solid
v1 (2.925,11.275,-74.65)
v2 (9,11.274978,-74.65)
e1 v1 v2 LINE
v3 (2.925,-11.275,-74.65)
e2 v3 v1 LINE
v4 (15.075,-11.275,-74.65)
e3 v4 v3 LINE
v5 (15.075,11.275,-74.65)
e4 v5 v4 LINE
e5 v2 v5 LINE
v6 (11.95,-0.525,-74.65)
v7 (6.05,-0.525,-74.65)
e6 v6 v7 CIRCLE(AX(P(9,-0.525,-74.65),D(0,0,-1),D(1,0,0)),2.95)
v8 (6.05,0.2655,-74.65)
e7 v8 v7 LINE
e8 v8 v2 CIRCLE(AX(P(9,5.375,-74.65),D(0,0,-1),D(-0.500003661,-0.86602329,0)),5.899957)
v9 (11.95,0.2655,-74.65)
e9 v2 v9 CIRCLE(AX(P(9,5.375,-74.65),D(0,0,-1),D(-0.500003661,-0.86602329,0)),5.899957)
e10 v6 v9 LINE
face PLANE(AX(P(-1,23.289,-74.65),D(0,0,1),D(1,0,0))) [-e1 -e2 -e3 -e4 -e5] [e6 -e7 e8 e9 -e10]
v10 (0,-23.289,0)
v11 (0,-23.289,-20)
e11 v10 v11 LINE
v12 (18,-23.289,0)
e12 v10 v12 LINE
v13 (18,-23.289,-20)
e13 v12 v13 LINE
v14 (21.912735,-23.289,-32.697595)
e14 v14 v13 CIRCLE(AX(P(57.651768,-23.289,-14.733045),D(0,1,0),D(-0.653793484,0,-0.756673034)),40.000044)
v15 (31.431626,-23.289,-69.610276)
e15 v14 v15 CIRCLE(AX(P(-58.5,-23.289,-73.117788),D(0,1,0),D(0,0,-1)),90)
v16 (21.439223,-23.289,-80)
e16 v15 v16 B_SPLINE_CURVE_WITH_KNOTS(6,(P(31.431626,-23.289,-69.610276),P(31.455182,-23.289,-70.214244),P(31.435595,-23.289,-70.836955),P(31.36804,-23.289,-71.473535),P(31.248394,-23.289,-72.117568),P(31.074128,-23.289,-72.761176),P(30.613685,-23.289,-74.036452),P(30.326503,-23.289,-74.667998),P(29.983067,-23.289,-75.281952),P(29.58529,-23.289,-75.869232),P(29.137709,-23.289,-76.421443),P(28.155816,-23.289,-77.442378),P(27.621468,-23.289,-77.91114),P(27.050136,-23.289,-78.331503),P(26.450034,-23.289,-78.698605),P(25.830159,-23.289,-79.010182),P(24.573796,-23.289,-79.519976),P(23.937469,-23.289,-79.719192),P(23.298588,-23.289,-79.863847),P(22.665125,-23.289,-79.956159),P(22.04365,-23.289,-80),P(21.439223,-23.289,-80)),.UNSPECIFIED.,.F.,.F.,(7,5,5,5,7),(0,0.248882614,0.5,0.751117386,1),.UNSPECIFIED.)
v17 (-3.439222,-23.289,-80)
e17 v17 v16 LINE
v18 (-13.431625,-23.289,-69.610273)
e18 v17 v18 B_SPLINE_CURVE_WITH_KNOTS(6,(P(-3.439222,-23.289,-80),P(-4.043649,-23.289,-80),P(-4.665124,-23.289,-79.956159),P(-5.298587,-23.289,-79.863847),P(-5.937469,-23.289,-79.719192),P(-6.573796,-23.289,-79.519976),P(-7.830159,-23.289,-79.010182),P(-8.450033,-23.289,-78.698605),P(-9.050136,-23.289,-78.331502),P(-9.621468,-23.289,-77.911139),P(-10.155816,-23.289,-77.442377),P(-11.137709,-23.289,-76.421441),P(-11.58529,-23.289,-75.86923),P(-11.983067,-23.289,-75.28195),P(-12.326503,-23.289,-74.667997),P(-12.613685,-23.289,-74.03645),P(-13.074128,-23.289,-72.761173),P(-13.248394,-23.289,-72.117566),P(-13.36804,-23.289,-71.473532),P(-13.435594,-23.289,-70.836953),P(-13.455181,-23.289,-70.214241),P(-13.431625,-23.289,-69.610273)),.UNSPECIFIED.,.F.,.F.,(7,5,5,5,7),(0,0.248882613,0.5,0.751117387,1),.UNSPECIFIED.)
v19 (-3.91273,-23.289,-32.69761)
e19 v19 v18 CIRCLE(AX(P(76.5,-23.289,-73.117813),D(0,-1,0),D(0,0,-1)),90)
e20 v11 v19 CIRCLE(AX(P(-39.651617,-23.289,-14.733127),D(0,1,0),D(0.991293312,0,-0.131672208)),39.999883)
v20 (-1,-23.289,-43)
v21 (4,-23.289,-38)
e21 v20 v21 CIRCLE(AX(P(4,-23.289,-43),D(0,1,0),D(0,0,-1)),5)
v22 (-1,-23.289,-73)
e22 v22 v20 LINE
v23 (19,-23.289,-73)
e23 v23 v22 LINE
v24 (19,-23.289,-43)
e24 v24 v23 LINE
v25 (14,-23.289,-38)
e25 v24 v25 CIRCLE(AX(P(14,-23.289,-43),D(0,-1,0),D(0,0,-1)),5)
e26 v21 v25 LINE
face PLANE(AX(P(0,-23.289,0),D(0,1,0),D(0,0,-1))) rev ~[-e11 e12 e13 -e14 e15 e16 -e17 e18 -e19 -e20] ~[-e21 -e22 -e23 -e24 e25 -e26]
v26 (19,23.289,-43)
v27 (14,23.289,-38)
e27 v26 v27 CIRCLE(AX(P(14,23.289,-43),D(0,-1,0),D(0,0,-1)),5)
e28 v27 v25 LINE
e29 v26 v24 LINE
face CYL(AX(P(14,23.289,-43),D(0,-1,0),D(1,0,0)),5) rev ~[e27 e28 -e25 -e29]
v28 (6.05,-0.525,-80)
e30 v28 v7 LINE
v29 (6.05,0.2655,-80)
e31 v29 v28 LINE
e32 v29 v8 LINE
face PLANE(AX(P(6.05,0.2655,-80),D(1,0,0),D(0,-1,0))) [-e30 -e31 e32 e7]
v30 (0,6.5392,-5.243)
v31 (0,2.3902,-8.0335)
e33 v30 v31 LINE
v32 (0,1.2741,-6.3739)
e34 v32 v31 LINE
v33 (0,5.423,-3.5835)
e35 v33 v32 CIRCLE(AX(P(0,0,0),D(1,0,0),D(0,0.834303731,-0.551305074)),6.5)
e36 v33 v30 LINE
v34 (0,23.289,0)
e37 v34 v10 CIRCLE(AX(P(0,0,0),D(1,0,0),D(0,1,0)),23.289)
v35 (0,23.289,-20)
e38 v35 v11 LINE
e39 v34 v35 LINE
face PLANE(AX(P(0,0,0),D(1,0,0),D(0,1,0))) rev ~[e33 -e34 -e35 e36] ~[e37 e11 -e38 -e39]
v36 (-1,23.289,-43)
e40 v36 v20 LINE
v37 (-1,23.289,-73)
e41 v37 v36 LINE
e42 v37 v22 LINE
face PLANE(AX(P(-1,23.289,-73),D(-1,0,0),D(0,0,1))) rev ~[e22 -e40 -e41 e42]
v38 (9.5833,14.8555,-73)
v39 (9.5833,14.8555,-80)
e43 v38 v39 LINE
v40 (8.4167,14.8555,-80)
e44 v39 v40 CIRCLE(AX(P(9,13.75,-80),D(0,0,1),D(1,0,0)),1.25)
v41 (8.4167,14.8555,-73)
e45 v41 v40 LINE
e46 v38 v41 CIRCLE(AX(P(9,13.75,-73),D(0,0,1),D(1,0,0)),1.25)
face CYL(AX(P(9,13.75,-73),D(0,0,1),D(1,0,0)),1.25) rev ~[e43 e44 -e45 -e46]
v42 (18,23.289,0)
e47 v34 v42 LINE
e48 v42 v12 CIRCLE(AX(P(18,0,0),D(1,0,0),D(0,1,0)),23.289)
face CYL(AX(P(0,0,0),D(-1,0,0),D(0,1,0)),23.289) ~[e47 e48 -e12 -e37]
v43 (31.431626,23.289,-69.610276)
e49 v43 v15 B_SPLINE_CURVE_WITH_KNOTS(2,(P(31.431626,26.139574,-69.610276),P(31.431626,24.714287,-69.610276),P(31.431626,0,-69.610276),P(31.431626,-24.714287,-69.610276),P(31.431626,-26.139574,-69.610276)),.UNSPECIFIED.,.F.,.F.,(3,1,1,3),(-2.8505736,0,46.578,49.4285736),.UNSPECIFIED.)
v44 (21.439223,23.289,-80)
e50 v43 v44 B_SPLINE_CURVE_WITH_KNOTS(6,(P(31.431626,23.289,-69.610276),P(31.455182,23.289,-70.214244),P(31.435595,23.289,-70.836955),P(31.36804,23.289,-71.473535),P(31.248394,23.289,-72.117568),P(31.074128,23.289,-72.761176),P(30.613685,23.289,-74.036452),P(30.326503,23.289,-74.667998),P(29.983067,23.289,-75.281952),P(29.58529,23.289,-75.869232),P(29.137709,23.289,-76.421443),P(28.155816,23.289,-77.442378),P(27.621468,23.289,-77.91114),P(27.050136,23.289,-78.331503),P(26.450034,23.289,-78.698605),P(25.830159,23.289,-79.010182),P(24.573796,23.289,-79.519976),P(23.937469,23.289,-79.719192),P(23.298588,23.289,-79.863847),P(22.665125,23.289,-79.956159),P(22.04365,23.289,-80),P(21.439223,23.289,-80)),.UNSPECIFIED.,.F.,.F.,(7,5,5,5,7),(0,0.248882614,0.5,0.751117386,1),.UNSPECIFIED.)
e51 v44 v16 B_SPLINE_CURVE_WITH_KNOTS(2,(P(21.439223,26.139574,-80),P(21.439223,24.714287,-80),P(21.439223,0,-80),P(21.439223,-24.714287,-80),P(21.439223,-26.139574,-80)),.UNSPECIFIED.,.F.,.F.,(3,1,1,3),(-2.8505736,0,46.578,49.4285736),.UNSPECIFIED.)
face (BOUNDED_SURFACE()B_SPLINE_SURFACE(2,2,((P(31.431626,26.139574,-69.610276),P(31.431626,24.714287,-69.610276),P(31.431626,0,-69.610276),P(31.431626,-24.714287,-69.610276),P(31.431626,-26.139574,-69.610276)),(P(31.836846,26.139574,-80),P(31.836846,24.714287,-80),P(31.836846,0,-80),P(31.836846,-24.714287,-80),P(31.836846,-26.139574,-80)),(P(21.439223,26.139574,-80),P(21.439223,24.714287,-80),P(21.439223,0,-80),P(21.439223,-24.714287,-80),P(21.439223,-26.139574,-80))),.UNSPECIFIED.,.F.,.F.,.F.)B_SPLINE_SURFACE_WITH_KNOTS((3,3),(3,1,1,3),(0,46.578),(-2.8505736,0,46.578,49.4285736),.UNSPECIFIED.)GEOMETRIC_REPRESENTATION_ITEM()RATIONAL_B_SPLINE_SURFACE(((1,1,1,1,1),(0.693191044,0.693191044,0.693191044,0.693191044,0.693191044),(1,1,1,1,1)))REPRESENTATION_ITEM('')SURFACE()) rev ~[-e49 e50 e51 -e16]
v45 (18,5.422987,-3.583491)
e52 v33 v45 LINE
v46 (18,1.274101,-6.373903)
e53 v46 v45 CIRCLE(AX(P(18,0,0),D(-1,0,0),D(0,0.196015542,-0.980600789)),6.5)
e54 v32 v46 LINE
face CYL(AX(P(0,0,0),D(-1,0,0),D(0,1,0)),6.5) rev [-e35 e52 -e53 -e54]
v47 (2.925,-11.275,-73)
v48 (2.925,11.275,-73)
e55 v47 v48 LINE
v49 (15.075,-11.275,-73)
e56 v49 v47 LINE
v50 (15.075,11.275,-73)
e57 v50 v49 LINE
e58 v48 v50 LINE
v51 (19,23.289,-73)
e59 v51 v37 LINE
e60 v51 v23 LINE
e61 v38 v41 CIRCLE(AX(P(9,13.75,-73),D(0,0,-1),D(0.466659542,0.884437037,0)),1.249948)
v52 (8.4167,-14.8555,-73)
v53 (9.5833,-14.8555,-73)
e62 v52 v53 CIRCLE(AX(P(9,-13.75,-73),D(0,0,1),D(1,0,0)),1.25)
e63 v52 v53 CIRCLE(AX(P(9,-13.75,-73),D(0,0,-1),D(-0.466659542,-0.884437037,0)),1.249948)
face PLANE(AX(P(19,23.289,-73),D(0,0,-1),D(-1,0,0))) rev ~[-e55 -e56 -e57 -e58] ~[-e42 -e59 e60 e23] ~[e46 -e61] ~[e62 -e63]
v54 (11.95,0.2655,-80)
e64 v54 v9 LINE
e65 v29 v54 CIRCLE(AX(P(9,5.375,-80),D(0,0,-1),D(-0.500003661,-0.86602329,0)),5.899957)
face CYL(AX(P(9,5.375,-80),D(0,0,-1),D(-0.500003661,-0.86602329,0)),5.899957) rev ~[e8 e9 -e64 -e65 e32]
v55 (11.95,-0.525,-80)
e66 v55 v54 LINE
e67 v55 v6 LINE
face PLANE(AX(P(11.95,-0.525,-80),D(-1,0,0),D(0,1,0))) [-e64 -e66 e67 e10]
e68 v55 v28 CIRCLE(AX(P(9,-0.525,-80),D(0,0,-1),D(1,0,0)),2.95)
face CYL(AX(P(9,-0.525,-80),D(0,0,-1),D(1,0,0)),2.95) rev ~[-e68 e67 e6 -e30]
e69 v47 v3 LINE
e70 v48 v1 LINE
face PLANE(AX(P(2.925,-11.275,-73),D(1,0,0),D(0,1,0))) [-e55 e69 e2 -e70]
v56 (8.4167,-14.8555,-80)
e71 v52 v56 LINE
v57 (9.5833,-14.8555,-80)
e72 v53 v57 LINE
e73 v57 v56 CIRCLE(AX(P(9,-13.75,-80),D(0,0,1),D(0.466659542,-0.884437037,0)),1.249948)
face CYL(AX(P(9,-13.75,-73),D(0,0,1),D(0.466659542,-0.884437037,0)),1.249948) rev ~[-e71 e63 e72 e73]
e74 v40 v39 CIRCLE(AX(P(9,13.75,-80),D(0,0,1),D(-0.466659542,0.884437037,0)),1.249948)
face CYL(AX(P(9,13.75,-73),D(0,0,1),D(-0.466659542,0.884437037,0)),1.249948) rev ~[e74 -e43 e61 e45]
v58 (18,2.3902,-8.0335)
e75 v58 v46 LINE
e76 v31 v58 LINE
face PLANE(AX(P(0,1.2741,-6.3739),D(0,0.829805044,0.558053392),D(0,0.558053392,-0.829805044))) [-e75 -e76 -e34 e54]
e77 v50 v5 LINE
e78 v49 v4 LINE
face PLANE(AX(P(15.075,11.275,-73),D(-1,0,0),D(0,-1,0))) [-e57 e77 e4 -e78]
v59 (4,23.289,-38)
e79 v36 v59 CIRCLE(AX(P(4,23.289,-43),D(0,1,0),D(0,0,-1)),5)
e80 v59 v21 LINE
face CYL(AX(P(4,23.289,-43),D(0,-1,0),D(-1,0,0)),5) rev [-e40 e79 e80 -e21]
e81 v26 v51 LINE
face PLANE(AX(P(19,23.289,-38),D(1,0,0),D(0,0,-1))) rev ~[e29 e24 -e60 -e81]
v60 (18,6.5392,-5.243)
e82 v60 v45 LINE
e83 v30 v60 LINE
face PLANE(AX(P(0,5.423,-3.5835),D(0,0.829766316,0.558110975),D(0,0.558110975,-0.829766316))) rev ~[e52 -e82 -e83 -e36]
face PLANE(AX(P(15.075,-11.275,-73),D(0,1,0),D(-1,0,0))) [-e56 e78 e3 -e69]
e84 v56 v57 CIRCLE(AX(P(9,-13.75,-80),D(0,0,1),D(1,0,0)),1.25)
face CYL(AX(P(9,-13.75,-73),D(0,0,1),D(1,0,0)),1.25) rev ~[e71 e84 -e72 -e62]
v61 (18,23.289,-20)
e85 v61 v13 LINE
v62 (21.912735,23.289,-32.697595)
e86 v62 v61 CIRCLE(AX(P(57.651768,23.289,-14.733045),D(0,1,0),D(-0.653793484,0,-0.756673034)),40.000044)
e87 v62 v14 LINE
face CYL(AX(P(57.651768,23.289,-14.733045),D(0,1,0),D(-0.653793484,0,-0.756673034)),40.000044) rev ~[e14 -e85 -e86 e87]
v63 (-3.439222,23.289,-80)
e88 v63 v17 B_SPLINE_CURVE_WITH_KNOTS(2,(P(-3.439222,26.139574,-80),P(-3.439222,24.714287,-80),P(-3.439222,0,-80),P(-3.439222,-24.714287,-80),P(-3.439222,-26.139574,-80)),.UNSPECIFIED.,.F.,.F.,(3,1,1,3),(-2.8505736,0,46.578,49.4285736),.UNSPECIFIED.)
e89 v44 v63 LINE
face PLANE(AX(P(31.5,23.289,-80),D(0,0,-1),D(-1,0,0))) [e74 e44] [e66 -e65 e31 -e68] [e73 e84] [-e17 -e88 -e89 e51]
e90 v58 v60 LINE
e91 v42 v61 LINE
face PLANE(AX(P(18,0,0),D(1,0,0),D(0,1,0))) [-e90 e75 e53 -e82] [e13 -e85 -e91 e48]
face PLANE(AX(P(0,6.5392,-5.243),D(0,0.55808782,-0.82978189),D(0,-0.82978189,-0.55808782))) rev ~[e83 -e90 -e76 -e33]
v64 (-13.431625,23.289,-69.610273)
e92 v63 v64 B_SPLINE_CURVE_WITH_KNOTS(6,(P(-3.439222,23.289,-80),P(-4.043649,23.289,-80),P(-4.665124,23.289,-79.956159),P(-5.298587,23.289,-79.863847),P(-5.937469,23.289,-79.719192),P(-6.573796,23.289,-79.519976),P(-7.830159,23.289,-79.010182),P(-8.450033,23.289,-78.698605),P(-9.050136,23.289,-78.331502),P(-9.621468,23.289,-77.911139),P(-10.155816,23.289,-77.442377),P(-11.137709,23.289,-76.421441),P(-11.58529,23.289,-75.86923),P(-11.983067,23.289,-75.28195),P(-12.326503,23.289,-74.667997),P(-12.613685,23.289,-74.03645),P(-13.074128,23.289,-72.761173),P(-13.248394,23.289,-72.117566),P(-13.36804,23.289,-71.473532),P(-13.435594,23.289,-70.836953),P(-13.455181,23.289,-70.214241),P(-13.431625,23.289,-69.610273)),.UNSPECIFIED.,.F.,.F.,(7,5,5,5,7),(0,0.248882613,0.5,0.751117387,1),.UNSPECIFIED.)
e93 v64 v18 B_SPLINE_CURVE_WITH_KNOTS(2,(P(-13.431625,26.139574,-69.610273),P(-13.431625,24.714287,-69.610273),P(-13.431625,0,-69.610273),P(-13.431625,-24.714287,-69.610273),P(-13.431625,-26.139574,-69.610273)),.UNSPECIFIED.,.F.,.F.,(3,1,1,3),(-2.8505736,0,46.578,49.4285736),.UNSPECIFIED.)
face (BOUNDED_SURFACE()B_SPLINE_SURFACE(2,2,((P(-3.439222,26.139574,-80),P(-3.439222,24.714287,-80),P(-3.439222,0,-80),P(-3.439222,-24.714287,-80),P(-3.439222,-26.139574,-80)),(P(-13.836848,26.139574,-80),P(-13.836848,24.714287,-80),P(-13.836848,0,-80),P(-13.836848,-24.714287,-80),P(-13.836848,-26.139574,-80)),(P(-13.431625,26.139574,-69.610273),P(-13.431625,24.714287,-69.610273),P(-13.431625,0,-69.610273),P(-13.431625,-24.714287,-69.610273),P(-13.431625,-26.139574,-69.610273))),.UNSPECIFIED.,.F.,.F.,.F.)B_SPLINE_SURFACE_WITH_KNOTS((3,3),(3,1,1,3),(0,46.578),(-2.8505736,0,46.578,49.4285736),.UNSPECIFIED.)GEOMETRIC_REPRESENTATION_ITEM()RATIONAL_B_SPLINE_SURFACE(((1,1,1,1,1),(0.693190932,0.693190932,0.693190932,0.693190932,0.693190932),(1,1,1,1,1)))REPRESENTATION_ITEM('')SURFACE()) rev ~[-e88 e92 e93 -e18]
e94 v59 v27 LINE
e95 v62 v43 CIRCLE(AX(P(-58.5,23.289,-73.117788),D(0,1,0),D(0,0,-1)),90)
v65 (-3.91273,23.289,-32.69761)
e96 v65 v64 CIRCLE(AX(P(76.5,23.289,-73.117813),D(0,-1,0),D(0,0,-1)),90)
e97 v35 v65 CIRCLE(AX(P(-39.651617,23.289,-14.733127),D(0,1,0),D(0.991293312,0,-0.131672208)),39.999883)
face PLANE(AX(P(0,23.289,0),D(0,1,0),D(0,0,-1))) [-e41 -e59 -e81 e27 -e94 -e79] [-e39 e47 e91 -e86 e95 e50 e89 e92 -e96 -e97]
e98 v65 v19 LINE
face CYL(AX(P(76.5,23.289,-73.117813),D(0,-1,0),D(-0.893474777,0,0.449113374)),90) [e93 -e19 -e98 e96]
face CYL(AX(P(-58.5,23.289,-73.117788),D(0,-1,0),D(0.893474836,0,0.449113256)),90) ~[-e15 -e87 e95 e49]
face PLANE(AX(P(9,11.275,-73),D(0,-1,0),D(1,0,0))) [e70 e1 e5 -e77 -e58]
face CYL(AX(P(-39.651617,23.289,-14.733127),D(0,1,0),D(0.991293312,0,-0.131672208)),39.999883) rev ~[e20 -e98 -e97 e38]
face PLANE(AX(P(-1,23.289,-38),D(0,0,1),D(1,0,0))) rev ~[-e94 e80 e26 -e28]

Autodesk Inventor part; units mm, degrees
ref_plane "YZ Plane" through (0, 0, 0) normal (1, 0, 0) x (0, 1, 0)
ref_plane "XZ Plane" through (0, 0, 0) normal (0, 1, 0) x (-1, 0, 0)
ref_plane "XY Plane" through (0, 0, 0) normal (0, 0, 1) x (1, 0, 0)
sketch "Sketch28" plane through (0, 0, 0) normal (1, 0, 0) x (0, 1, 0)
  circle A0 centre (0, 0) radius 6.5
  arc A1 (23.289, 0) -> (-23.289, 0) centre (0, 0) ccw
  line L0 (23.289, 0) -> (23.289, -80)
  line L1 (-23.289, 0) -> (-23.289, -80)
  line L2 (23.289, -80) -> (-23.289, -80)
  dimension "d103" = 13
  dimension "d104" = 46.578
  dimension "d105" = 80
  dimension "d106" = 80
extrude "Extrusion23" add sketch "Sketch28" along normal blind 18
sketch "Sketch29" plane through (0, 23.289, 0) normal (0, 1, 0) x (1, 0, 0)
  line L0 (31.5, 80) -> (-13.5, 80)
  line L1 (-13.5, 80) -> (-13.5, 45)
  line L2 (-13.5, 45) -> (31.5, 45)
  line L3 (31.5, 45) -> (31.5, 80)
  line L4 (0, 80) -> (18, 80) projected
  line L5 (18, 0) -> (18, 80) projected
  arc A0 (31.5, 45) -> (18, 20) centre (57.6517, 14.7331) ccw
  line L6 (9, 88.5963) -> (9, -26.2001) construction
  arc A1 (0, 20) -> (-13.5, 45) centre (-39.6517, 14.7331) ccw
  line L7 (0, 80) -> (0, 0) projected
  point P0 (9, 80)
  point P1 (9, 45)
  point P2 (0, 45)
  point P3 (18, 45)
  dimension "d109" = 45
  dimension "d110" = 0
  dimension "d111" = 35
  dimension "d112" = 22.5
  dimension "d115" = 40
  dimension "d116" = 25
extrude "Extrusion24" add sketch "Sketch29" against normal up to surface (46.578 mm away)
fillet "Fillet9" radius 90 2 edges at (31.5, 0, -45) (-13.5, 0, -45)
sketch "Sketch30" plane through (0, 23.289, 0) normal (0, 1, 0) x (1, 0, 0)
  line L0 (19, 73) -> (-1, 73)
  line L1 (-1, 73) -> (-1, 38)
  line L2 (-1, 38) -> (19, 38)
  line L3 (19, 38) -> (19, 73)
  line L4 (-13.5, 80) -> (31.5, 80) projected
  point P0 (0, 0)
  dimension "d120" = 7
  dimension "d121" = 20
  dimension "d122" = 12.5
  dimension "d123" = 35
extrude "Extrusion25" cut sketch "Sketch30" against normal through all
fillet "Fillet10" radius 5 2 edges at (19, 0, -38) (-1, 0, -38)
fillet "Fillet11" radius 10 2 edges at (-13.5, 0, -80) (31.5, 0, -80)
sketch "Sketch31" plane through (21.4392, -23.289, -80) normal (0, 0, -1) x (-1, 0, 0)
  arc A0 (15.3892, 23.5545) -> (9.4892, 23.5545) centre (12.4392, 28.664) ccw projected
  line L0 (15.3892, 23.5545) -> (15.3892, 22.764) projected
  arc A1 (9.4892, 22.764) -> (15.3892, 22.764) centre (12.4392, 22.764) ccw projected
  line L1 (9.4892, 22.764) -> (9.4892, 23.5545) projected
  point P0 (21.4392, 23.289)
extrude "Extrusion26" cut sketch "Sketch31" against normal blind 20
sketch "Sketch34" plane through (-1, 23.289, -73) normal (0, 0, 1) x (1, 0, 0)
  line L0 (3.925, -12.014) -> (16.075, -12.014)
  line L1 (16.075, -12.014) -> (16.075, -34.564)
  line L2 (16.075, -34.564) -> (3.925, -34.564)
  line L3 (3.925, -34.564) -> (3.925, -12.014)
  line L4 (1, 0) -> (19, 0) projected
  arc A0 (12.95, -23.0235) -> (7.05, -23.0235) centre (10, -17.914) ccw projected
  point P0 (1, -23.289)
  point P1 (10, 0)
  dimension "d130" = 12.014
  dimension "d131" = 22.55
  dimension "d132" = 12.15
  dimension "d133" = 6.075
extrude "Extrusion27" cut sketch "Sketch34" against normal blind 1.65
sketch "Sketch36" plane through (-1, 23.289, -73) normal (0, 0, 1) x (1, 0, 0)
  arc A0 (10.5833, -38.1445) -> (9.4167, -38.1445) centre (10, -37.039) ccw projected
  arc A1 (9.4167, -8.4335) -> (10.5833, -8.4335) centre (10, -9.539) ccw projected
  circle A2 centre (10, -9.539) radius 1.25
  circle A3 centre (10, -37.039) radius 1.25
  point P0 (1, -23.289)
  point P1 (10.5833, -8.4335)
  point P2 (9.4167, -8.4335)
  point P3 (9.4167, -38.1445)
  point P4 (10.5833, -38.1445)
extrude "Extrusion28" cut sketch "Sketch36" against normal through all
sketch "Sketch37" plane through (0, 0, 0) normal (-1, 0, 0) x (0, 0, 1)
  line L0 (-6.3739, 1.2741) -> (-8.0335, 2.3902) projected
  line L1 (-3.5835, 5.423) -> (-5.243, 6.5392) projected
  line L2 (-5.243, 6.5392) -> (-8.0335, 2.3902) projected
  circle A0 centre (0, 0) radius 6.5 projected
extrude "Extrusion29" cut sketch "Sketch37" against normal through all
sketch "Sketch38" plane through (0, 23.289, 0) normal (0, 1, 0) x (1, 0, 0)
  line L0 (-25.331, 0) -> (24.4324, 0)
  line L1 (0, 0) -> (18, 0) projected
  line L2 (9, 31.2847) -> (9, -25.5557)
  line L3 (0, -23.289) -> (18, -23.289) projected
  line L4 (14, 38) -> (4, 38) projected
  arc A0 (-1, 43) -> (4, 38) centre (4, 43) ccw projected
  line L5 (-1, 43) -> (-1, 73) projected
  line L6 (-1, 73) -> (19, 73) projected
  line L7 (19, 73) -> (19, 43) projected
  arc A1 (14, 38) -> (19, 43) centre (14, 43) ccw projected
  arc A2 (31.4316, 69.6103) -> (21.4392, 80) centre (21.4392, 70) ccw projected
  line L8 (-3.4392, 80) -> (21.4392, 80) projected
  arc A3 (-3.4392, 80) -> (-13.4316, 69.6103) centre (-3.4392, 70) ccw projected
  arc A4 (-13.4316, 69.6103) -> (-3.9127, 32.6976) centre (76.5, 73.1178) ccw projected
  arc A5 (0, 20) -> (-3.9127, 32.6976) centre (-39.6517, 14.7331) ccw projected
  line L9 (0, 20) -> (0, 0) projected
  line L10 (0, 0) -> (18, 0) projected
  line L11 (18, 20) -> (18, 0) projected
  arc A6 (21.9127, 32.6976) -> (18, 20) centre (57.6517, 14.7331) ccw projected
  arc A7 (21.9127, 32.6976) -> (31.4316, 69.6103) centre (-58.5, 73.1178) ccw projected
  circle A8 centre (9, 0) radius 2.5
  dimension "d140" = 0
  dimension "d141" = 9
  dimension "d142" = 5
properties part number "Link Three" material "ABS Plastic"
